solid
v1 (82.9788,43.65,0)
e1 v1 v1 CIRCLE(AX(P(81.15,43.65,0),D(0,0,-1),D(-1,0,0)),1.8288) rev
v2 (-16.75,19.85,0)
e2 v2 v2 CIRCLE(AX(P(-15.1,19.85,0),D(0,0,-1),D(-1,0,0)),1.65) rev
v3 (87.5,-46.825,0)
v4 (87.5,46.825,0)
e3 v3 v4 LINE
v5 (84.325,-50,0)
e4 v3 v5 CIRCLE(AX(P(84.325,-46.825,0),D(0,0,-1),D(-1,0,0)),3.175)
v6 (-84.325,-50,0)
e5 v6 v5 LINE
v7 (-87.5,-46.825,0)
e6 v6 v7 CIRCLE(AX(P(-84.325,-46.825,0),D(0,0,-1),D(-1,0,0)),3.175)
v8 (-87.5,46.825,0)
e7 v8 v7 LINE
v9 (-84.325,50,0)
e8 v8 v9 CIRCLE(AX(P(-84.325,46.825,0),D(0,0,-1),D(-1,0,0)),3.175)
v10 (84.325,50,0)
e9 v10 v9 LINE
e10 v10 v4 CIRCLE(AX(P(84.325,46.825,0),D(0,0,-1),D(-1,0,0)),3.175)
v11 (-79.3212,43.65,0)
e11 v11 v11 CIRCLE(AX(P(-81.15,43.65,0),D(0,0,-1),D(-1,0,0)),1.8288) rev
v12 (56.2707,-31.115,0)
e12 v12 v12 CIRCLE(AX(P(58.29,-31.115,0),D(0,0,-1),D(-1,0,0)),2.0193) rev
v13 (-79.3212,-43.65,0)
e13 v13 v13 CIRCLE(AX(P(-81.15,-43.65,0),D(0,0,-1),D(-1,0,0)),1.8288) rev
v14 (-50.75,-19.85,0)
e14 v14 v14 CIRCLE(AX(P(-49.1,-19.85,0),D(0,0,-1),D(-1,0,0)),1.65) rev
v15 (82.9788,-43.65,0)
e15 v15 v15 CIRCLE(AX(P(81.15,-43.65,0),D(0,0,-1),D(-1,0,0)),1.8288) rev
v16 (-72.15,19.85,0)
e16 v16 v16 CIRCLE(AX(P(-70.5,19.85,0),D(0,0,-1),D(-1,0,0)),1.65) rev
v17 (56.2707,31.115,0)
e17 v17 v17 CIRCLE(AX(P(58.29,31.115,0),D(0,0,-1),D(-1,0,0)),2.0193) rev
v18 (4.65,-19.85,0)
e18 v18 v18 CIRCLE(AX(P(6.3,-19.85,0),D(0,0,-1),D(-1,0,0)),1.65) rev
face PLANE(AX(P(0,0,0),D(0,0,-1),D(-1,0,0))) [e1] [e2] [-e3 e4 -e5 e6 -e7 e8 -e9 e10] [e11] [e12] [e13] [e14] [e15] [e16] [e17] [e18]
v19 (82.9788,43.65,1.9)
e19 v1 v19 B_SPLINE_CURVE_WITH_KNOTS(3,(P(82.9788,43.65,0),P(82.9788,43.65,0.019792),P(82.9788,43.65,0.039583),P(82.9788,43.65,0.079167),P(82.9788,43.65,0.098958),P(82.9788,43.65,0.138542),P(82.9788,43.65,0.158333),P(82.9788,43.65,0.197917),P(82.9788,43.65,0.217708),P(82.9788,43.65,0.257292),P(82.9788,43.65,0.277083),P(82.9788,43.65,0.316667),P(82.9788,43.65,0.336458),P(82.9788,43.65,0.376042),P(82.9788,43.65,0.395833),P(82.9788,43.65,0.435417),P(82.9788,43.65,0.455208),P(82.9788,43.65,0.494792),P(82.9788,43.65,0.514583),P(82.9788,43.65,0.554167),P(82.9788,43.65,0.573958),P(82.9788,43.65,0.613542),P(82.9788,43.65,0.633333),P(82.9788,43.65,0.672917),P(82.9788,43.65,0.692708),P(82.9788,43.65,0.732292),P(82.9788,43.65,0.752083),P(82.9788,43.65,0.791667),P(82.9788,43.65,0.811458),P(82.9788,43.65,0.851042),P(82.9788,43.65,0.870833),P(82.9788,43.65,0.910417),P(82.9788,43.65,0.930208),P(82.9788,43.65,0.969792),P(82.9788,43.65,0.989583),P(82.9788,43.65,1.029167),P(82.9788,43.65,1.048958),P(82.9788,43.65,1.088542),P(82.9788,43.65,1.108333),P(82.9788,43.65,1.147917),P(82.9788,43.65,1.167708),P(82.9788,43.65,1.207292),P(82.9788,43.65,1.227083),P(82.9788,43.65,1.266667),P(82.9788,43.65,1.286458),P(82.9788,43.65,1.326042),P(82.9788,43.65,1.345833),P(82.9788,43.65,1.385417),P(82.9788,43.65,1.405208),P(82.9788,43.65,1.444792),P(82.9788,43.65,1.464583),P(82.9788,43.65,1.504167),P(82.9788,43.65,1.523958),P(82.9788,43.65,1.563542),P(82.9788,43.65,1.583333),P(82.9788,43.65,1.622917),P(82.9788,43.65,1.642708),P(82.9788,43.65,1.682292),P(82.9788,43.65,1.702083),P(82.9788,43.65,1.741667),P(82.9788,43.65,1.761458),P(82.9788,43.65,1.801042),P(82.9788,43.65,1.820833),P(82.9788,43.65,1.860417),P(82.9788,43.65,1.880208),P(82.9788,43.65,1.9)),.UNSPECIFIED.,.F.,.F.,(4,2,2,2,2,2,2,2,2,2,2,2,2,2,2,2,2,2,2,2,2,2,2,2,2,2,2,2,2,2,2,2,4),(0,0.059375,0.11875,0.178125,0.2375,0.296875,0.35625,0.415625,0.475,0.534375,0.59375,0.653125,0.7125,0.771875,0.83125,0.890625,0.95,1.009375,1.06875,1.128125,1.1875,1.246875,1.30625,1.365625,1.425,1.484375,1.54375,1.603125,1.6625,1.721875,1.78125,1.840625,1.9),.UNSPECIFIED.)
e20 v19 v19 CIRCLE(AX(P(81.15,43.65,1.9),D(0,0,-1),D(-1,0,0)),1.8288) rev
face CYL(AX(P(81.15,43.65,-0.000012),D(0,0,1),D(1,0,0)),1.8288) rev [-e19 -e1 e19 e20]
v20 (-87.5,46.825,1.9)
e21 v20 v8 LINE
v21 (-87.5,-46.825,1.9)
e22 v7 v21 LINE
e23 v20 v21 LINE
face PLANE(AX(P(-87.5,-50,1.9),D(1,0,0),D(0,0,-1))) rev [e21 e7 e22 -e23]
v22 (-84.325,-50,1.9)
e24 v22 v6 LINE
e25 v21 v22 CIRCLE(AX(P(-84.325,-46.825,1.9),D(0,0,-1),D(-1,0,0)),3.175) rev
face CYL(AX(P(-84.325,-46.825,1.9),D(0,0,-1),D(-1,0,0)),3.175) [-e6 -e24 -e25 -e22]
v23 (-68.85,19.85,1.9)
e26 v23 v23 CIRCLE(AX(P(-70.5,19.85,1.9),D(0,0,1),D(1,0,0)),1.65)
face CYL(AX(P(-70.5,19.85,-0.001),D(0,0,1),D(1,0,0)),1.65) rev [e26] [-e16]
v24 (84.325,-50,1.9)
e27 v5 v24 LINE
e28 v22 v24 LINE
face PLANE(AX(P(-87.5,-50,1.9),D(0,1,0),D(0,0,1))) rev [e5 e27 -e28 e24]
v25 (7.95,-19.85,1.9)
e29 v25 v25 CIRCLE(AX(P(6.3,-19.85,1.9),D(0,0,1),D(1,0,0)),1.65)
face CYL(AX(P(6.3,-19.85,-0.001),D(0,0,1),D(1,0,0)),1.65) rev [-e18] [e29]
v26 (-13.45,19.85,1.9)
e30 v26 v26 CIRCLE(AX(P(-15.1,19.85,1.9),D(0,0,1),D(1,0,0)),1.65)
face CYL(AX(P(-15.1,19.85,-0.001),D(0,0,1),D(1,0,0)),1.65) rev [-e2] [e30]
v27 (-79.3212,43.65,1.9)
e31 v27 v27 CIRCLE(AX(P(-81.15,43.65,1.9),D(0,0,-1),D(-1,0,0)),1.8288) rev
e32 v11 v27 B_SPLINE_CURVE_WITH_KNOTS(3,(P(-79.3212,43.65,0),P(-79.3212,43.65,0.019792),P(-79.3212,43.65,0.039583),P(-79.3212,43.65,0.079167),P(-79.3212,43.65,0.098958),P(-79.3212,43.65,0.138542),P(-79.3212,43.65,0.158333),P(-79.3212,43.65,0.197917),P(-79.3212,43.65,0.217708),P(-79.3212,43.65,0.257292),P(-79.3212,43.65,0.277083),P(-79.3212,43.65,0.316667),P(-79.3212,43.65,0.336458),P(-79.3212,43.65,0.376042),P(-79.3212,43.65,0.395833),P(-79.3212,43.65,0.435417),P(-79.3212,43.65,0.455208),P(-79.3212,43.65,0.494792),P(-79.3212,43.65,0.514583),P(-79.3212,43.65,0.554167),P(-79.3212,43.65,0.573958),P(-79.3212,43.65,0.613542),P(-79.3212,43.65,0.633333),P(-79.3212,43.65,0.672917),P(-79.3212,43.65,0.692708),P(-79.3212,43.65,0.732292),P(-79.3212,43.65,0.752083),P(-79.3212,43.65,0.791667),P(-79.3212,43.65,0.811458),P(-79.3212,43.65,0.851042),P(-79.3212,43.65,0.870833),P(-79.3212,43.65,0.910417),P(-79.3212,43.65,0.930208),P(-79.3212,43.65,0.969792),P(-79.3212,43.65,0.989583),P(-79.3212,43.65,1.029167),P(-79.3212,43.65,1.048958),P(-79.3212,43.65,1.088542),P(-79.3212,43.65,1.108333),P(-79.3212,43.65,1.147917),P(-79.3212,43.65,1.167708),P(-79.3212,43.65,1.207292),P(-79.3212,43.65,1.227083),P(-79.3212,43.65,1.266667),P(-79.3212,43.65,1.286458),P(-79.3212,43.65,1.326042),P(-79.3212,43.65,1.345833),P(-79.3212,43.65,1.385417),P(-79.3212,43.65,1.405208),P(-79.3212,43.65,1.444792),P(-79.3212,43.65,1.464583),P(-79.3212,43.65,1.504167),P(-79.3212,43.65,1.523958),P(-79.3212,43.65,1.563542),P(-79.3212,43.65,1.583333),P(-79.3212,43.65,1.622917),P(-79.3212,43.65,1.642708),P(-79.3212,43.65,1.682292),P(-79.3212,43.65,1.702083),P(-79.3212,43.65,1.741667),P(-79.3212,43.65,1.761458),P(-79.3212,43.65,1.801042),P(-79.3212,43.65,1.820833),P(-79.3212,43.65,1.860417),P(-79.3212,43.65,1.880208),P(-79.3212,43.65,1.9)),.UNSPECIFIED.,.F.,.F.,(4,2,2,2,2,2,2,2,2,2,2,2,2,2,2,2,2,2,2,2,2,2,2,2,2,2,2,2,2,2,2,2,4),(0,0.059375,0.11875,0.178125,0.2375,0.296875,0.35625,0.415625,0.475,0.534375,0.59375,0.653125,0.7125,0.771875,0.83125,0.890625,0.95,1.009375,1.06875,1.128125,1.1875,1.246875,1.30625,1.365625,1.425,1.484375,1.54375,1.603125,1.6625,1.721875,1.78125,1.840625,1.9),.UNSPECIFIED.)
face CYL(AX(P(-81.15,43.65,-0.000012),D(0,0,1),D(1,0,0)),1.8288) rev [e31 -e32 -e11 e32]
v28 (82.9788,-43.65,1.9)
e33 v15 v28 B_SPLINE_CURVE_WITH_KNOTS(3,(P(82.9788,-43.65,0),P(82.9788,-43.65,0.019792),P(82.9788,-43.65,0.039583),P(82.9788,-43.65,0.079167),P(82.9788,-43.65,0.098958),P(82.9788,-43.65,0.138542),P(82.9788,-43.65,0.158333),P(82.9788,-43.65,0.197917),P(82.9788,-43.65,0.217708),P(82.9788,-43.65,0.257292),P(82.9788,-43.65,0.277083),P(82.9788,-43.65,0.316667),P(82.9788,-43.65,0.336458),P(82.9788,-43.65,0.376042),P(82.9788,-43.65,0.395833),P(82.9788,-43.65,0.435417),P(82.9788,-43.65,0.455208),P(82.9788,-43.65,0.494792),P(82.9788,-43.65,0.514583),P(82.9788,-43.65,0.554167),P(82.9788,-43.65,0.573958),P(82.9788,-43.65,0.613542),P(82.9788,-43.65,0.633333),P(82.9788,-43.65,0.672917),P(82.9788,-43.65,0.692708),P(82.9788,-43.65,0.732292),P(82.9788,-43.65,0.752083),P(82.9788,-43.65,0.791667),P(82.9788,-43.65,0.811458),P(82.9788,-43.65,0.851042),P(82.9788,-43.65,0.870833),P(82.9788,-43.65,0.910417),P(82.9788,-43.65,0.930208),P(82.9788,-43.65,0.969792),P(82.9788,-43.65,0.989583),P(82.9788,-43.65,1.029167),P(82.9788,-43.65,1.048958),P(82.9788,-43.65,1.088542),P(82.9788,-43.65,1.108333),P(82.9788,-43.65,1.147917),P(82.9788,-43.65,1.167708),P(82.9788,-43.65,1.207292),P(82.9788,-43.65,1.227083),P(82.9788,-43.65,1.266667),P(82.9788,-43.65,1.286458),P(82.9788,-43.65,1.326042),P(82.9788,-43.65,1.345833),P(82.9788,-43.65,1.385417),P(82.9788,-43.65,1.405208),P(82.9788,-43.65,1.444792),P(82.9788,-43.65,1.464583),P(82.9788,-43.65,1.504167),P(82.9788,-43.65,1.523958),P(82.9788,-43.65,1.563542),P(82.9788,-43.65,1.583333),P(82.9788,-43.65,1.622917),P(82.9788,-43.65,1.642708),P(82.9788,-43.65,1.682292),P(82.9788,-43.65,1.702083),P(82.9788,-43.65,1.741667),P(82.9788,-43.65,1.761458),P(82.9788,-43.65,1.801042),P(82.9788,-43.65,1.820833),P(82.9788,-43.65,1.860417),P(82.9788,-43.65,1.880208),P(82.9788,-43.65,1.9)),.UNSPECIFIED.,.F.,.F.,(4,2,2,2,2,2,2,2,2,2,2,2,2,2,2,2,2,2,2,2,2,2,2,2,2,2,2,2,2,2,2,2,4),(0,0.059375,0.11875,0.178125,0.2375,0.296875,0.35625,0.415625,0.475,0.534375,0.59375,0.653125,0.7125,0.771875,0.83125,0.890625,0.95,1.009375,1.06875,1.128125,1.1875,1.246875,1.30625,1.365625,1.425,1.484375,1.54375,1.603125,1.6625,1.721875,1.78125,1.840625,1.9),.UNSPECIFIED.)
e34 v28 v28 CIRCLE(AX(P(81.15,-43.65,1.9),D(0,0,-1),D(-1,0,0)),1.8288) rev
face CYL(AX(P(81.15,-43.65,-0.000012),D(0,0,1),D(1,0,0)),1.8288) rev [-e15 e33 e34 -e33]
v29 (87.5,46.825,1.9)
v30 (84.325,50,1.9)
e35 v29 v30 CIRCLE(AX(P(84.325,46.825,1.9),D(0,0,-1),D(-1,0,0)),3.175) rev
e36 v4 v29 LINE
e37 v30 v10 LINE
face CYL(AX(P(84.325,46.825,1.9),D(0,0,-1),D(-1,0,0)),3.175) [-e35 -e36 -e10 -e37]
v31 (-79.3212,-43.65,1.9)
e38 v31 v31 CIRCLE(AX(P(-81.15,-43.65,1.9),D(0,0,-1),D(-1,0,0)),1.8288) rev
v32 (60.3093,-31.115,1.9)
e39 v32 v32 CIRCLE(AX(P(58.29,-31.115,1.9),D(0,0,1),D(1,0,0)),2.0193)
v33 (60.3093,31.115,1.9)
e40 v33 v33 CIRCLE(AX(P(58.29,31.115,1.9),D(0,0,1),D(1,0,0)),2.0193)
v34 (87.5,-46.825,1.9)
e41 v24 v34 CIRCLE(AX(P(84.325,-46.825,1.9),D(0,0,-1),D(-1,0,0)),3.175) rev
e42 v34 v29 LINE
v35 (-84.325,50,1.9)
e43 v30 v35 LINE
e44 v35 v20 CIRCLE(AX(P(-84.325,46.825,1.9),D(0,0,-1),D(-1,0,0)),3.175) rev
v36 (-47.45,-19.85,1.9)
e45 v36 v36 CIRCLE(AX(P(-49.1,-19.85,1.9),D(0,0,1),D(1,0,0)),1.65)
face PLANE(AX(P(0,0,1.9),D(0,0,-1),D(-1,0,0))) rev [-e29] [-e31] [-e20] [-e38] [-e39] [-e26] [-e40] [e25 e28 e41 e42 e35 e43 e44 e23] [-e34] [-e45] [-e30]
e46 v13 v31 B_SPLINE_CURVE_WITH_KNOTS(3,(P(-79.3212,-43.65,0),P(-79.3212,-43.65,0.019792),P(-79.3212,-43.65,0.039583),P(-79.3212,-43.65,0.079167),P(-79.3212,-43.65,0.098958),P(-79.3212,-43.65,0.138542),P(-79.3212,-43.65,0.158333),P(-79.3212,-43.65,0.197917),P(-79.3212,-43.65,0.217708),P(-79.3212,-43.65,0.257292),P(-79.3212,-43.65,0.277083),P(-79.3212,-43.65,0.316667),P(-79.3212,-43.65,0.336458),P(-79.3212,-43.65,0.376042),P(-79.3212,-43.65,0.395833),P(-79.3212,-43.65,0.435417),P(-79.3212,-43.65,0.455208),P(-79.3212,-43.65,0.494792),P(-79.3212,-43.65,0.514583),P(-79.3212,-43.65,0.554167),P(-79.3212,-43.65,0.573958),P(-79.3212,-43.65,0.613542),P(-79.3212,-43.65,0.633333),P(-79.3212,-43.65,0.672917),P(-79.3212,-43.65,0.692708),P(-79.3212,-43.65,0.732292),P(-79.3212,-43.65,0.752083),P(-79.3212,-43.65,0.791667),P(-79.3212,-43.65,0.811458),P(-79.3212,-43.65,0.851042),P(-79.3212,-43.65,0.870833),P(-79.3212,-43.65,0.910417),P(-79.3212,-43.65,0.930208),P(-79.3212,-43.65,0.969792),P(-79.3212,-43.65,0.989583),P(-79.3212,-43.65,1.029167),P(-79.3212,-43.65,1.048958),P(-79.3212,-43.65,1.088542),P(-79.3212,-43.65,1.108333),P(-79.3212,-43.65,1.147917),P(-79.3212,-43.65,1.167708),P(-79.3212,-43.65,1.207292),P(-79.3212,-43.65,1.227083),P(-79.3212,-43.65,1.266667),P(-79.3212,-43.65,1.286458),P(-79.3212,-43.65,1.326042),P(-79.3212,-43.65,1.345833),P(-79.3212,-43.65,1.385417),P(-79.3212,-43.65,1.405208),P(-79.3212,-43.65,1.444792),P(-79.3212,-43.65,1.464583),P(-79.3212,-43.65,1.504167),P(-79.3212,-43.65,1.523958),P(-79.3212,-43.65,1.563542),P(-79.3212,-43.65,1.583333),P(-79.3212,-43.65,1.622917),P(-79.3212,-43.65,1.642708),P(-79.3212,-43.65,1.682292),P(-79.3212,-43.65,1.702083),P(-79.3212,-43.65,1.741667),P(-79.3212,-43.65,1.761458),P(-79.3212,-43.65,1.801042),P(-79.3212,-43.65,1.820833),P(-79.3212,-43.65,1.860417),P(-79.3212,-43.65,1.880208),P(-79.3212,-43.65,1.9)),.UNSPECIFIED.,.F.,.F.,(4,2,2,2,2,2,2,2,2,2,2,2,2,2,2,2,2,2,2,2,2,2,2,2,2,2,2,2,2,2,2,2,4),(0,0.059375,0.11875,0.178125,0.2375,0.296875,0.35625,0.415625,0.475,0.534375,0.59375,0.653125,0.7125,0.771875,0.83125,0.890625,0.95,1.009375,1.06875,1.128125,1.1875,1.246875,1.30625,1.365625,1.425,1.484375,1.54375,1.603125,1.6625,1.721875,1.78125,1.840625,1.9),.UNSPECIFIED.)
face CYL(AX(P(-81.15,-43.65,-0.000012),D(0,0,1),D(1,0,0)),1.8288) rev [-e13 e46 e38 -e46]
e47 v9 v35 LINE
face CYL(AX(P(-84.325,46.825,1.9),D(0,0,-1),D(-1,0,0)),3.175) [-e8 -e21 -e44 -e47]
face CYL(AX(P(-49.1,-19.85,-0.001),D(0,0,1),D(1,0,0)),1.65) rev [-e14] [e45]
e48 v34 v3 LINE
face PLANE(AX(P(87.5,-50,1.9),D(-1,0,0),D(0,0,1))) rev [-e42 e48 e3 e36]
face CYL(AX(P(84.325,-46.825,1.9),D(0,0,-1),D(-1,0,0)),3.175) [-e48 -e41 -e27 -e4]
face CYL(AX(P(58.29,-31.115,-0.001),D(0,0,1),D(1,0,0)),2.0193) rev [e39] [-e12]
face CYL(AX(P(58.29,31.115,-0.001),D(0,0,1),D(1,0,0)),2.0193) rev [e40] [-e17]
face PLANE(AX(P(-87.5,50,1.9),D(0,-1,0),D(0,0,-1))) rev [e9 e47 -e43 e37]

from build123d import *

# Parameters (mm, degrees)
SKETCH1_W                      = 175
SKETCH1_H                      = 100
BOSS_EXTRUDE1_DEPTH            = 1.9
CUT_EXTRUDE1_REACH             = 102.796
SKETCH2_R                      = 1.8288
CUT_EXTRUDE1_DIRECTION_2_DEPTH = 101.796130878
FILLET1_R                      = 3.175
CUT_EXTRUDE2_REACH             = 102.796
SKETCH3_R                      = 1.65
SKETCH3_R_2                    = 2.0193


with BuildPart() as part:
    # Sketch1 → Boss-Extrude1 (new body)
    with BuildSketch(Plane.XY):
        Rectangle(SKETCH1_W, SKETCH1_H)
    extrude(amount=BOSS_EXTRUDE1_DEPTH)

    # Sketch2 → Cut-Extrude1 (cut, up to next)
    with BuildSketch(Plane(origin=(0, 0, 0), x_dir=(-1, 0, 0), z_dir=(0, 0, -1)), mode=Mode.PRIVATE) as cut_extrude1_sk1:
        with Locations(Location((-81.15, 43.65, 0), (0, 0, 180))):
            Circle(SKETCH2_R)
    cut_extrude1_tool1 = extrude(cut_extrude1_sk1.sketch, amount=-CUT_EXTRUDE1_REACH, mode=Mode.PRIVATE) & part.part
    # Sketch2 → Cut-Extrude1 (cut, up to next)
    with BuildSketch(Plane(origin=(0, 0, 0), x_dir=(-1, 0, 0), z_dir=(0, 0, -1)), mode=Mode.PRIVATE) as cut_extrude1_sk2:
        with Locations(Location((-81.15, -43.65, 0), (0, 0, 180))):
            Circle(SKETCH2_R)
    cut_extrude1_tool2 = extrude(cut_extrude1_sk2.sketch, amount=-CUT_EXTRUDE1_REACH, mode=Mode.PRIVATE) & part.part
    # Sketch2 → Cut-Extrude1 (cut, up to next)
    with BuildSketch(Plane(origin=(0, 0, 0), x_dir=(-1, 0, 0), z_dir=(0, 0, -1)), mode=Mode.PRIVATE) as cut_extrude1_sk3:
        with Locations(Location((81.15, 43.65, 0), (0, 0, 180))):
            Circle(SKETCH2_R)
    cut_extrude1_tool3 = extrude(cut_extrude1_sk3.sketch, amount=-CUT_EXTRUDE1_REACH, mode=Mode.PRIVATE) & part.part
    # Sketch2 → Cut-Extrude1 (cut, up to next)
    with BuildSketch(Plane(origin=(0, 0, 0), x_dir=(-1, 0, 0), z_dir=(0, 0, -1)), mode=Mode.PRIVATE) as cut_extrude1_sk4:
        with Locations(Location((81.15, -43.65, 0), (0, 0, 180))):
            Circle(SKETCH2_R)
    cut_extrude1_tool4 = extrude(cut_extrude1_sk4.sketch, amount=-CUT_EXTRUDE1_REACH, mode=Mode.PRIVATE) & part.part
    add(cut_extrude1_tool1.solids().sort_by_distance((81.15, 43.65, 0))[0], mode=Mode.SUBTRACT)
    add(cut_extrude1_tool2.solids().sort_by_distance((81.15, -43.65, 0))[0], mode=Mode.SUBTRACT)
    add(cut_extrude1_tool3.solids().sort_by_distance((-81.15, 43.65, 0))[0], mode=Mode.SUBTRACT)
    add(cut_extrude1_tool4.solids().sort_by_distance((-81.15, -43.65, 0))[0], mode=Mode.SUBTRACT)

    # Sketch2 → Cut-Extrude1 direction 2 (cut)
    with BuildSketch(Plane(origin=(0, 0, 0), x_dir=(-1, 0, 0), z_dir=(0, 0, -1))):
        with Locations(Location((-81.15, 43.65, 0), (0, 0, 180))):
            Circle(SKETCH2_R)
        with Locations(Location((-81.15, -43.65, 0), (0, 0, 180))):
            Circle(SKETCH2_R)
        with Locations(Location((81.15, 43.65, 0), (0, 0, 180))):
            Circle(SKETCH2_R)
        with Locations(Location((81.15, -43.65, 0), (0, 0, 180))):
            Circle(SKETCH2_R)
    extrude(amount=CUT_EXTRUDE1_DIRECTION_2_DEPTH, mode=Mode.SUBTRACT)

    # Fillet1
    fillet1_edges = [part.edges().sort_by_distance(p)[0] for p in [
        (87.5, -50, 0.95),
        (-87.5, -50, 0.95),
        (-87.5, 50, 0.95),
        (87.5, 50, 0.95),
    ]]
    fillet(fillet1_edges, radius=FILLET1_R)

    # Sketch3 → Cut-Extrude2 (cut, up to next)
    with BuildSketch(Plane.XY.offset(1.9), mode=Mode.PRIVATE) as cut_extrude2_sk1:
        with Locations((-49.1, -19.85)):
            Circle(SKETCH3_R)
    cut_extrude2_tool1 = extrude(cut_extrude2_sk1.sketch, amount=-CUT_EXTRUDE2_REACH, mode=Mode.PRIVATE) & part.part
    # Sketch3 → Cut-Extrude2 (cut, up to next)
    with BuildSketch(Plane.XY.offset(1.9), mode=Mode.PRIVATE) as cut_extrude2_sk2:
        with Locations((-70.5, 19.85)):
            Circle(SKETCH3_R)
    cut_extrude2_tool2 = extrude(cut_extrude2_sk2.sketch, amount=-CUT_EXTRUDE2_REACH, mode=Mode.PRIVATE) & part.part
    # Sketch3 → Cut-Extrude2 (cut, up to next)
    with BuildSketch(Plane.XY.offset(1.9), mode=Mode.PRIVATE) as cut_extrude2_sk3:
        with Locations((6.3, -19.85)):
            Circle(SKETCH3_R)
    cut_extrude2_tool3 = extrude(cut_extrude2_sk3.sketch, amount=-CUT_EXTRUDE2_REACH, mode=Mode.PRIVATE) & part.part
    # Sketch3 → Cut-Extrude2 (cut, up to next)
    with BuildSketch(Plane.XY.offset(1.9), mode=Mode.PRIVATE) as cut_extrude2_sk4:
        with Locations((-15.1, 19.85)):
            Circle(SKETCH3_R)
    cut_extrude2_tool4 = extrude(cut_extrude2_sk4.sketch, amount=-CUT_EXTRUDE2_REACH, mode=Mode.PRIVATE) & part.part
    # Sketch3 → Cut-Extrude2 (cut, up to next)
    with BuildSketch(Plane.XY.offset(1.9), mode=Mode.PRIVATE) as cut_extrude2_sk5:
        with Locations((58.29, -31.115)):
            Circle(SKETCH3_R_2)
    cut_extrude2_tool5 = extrude(cut_extrude2_sk5.sketch, amount=-CUT_EXTRUDE2_REACH, mode=Mode.PRIVATE) & part.part
    # Sketch3 → Cut-Extrude2 (cut, up to next)
    with BuildSketch(Plane.XY.offset(1.9), mode=Mode.PRIVATE) as cut_extrude2_sk6:
        with Locations((58.29, 31.115)):
            Circle(SKETCH3_R_2)
    cut_extrude2_tool6 = extrude(cut_extrude2_sk6.sketch, amount=-CUT_EXTRUDE2_REACH, mode=Mode.PRIVATE) & part.part
    add(cut_extrude2_tool1.solids().sort_by_distance((-49.1, -19.85, 1.9))[0], mode=Mode.SUBTRACT)
    add(cut_extrude2_tool2.solids().sort_by_distance((-70.5, 19.85, 1.9))[0], mode=Mode.SUBTRACT)
    add(cut_extrude2_tool3.solids().sort_by_distance((6.3, -19.85, 1.9))[0], mode=Mode.SUBTRACT)
    add(cut_extrude2_tool4.solids().sort_by_distance((-15.1, 19.85, 1.9))[0], mode=Mode.SUBTRACT)
    add(cut_extrude2_tool5.solids().sort_by_distance((58.29, -31.115, 1.9))[0], mode=Mode.SUBTRACT)
    add(cut_extrude2_tool6.solids().sort_by_distance((58.29, 31.115, 1.9))[0], mode=Mode.SUBTRACT)


solid = part.part
